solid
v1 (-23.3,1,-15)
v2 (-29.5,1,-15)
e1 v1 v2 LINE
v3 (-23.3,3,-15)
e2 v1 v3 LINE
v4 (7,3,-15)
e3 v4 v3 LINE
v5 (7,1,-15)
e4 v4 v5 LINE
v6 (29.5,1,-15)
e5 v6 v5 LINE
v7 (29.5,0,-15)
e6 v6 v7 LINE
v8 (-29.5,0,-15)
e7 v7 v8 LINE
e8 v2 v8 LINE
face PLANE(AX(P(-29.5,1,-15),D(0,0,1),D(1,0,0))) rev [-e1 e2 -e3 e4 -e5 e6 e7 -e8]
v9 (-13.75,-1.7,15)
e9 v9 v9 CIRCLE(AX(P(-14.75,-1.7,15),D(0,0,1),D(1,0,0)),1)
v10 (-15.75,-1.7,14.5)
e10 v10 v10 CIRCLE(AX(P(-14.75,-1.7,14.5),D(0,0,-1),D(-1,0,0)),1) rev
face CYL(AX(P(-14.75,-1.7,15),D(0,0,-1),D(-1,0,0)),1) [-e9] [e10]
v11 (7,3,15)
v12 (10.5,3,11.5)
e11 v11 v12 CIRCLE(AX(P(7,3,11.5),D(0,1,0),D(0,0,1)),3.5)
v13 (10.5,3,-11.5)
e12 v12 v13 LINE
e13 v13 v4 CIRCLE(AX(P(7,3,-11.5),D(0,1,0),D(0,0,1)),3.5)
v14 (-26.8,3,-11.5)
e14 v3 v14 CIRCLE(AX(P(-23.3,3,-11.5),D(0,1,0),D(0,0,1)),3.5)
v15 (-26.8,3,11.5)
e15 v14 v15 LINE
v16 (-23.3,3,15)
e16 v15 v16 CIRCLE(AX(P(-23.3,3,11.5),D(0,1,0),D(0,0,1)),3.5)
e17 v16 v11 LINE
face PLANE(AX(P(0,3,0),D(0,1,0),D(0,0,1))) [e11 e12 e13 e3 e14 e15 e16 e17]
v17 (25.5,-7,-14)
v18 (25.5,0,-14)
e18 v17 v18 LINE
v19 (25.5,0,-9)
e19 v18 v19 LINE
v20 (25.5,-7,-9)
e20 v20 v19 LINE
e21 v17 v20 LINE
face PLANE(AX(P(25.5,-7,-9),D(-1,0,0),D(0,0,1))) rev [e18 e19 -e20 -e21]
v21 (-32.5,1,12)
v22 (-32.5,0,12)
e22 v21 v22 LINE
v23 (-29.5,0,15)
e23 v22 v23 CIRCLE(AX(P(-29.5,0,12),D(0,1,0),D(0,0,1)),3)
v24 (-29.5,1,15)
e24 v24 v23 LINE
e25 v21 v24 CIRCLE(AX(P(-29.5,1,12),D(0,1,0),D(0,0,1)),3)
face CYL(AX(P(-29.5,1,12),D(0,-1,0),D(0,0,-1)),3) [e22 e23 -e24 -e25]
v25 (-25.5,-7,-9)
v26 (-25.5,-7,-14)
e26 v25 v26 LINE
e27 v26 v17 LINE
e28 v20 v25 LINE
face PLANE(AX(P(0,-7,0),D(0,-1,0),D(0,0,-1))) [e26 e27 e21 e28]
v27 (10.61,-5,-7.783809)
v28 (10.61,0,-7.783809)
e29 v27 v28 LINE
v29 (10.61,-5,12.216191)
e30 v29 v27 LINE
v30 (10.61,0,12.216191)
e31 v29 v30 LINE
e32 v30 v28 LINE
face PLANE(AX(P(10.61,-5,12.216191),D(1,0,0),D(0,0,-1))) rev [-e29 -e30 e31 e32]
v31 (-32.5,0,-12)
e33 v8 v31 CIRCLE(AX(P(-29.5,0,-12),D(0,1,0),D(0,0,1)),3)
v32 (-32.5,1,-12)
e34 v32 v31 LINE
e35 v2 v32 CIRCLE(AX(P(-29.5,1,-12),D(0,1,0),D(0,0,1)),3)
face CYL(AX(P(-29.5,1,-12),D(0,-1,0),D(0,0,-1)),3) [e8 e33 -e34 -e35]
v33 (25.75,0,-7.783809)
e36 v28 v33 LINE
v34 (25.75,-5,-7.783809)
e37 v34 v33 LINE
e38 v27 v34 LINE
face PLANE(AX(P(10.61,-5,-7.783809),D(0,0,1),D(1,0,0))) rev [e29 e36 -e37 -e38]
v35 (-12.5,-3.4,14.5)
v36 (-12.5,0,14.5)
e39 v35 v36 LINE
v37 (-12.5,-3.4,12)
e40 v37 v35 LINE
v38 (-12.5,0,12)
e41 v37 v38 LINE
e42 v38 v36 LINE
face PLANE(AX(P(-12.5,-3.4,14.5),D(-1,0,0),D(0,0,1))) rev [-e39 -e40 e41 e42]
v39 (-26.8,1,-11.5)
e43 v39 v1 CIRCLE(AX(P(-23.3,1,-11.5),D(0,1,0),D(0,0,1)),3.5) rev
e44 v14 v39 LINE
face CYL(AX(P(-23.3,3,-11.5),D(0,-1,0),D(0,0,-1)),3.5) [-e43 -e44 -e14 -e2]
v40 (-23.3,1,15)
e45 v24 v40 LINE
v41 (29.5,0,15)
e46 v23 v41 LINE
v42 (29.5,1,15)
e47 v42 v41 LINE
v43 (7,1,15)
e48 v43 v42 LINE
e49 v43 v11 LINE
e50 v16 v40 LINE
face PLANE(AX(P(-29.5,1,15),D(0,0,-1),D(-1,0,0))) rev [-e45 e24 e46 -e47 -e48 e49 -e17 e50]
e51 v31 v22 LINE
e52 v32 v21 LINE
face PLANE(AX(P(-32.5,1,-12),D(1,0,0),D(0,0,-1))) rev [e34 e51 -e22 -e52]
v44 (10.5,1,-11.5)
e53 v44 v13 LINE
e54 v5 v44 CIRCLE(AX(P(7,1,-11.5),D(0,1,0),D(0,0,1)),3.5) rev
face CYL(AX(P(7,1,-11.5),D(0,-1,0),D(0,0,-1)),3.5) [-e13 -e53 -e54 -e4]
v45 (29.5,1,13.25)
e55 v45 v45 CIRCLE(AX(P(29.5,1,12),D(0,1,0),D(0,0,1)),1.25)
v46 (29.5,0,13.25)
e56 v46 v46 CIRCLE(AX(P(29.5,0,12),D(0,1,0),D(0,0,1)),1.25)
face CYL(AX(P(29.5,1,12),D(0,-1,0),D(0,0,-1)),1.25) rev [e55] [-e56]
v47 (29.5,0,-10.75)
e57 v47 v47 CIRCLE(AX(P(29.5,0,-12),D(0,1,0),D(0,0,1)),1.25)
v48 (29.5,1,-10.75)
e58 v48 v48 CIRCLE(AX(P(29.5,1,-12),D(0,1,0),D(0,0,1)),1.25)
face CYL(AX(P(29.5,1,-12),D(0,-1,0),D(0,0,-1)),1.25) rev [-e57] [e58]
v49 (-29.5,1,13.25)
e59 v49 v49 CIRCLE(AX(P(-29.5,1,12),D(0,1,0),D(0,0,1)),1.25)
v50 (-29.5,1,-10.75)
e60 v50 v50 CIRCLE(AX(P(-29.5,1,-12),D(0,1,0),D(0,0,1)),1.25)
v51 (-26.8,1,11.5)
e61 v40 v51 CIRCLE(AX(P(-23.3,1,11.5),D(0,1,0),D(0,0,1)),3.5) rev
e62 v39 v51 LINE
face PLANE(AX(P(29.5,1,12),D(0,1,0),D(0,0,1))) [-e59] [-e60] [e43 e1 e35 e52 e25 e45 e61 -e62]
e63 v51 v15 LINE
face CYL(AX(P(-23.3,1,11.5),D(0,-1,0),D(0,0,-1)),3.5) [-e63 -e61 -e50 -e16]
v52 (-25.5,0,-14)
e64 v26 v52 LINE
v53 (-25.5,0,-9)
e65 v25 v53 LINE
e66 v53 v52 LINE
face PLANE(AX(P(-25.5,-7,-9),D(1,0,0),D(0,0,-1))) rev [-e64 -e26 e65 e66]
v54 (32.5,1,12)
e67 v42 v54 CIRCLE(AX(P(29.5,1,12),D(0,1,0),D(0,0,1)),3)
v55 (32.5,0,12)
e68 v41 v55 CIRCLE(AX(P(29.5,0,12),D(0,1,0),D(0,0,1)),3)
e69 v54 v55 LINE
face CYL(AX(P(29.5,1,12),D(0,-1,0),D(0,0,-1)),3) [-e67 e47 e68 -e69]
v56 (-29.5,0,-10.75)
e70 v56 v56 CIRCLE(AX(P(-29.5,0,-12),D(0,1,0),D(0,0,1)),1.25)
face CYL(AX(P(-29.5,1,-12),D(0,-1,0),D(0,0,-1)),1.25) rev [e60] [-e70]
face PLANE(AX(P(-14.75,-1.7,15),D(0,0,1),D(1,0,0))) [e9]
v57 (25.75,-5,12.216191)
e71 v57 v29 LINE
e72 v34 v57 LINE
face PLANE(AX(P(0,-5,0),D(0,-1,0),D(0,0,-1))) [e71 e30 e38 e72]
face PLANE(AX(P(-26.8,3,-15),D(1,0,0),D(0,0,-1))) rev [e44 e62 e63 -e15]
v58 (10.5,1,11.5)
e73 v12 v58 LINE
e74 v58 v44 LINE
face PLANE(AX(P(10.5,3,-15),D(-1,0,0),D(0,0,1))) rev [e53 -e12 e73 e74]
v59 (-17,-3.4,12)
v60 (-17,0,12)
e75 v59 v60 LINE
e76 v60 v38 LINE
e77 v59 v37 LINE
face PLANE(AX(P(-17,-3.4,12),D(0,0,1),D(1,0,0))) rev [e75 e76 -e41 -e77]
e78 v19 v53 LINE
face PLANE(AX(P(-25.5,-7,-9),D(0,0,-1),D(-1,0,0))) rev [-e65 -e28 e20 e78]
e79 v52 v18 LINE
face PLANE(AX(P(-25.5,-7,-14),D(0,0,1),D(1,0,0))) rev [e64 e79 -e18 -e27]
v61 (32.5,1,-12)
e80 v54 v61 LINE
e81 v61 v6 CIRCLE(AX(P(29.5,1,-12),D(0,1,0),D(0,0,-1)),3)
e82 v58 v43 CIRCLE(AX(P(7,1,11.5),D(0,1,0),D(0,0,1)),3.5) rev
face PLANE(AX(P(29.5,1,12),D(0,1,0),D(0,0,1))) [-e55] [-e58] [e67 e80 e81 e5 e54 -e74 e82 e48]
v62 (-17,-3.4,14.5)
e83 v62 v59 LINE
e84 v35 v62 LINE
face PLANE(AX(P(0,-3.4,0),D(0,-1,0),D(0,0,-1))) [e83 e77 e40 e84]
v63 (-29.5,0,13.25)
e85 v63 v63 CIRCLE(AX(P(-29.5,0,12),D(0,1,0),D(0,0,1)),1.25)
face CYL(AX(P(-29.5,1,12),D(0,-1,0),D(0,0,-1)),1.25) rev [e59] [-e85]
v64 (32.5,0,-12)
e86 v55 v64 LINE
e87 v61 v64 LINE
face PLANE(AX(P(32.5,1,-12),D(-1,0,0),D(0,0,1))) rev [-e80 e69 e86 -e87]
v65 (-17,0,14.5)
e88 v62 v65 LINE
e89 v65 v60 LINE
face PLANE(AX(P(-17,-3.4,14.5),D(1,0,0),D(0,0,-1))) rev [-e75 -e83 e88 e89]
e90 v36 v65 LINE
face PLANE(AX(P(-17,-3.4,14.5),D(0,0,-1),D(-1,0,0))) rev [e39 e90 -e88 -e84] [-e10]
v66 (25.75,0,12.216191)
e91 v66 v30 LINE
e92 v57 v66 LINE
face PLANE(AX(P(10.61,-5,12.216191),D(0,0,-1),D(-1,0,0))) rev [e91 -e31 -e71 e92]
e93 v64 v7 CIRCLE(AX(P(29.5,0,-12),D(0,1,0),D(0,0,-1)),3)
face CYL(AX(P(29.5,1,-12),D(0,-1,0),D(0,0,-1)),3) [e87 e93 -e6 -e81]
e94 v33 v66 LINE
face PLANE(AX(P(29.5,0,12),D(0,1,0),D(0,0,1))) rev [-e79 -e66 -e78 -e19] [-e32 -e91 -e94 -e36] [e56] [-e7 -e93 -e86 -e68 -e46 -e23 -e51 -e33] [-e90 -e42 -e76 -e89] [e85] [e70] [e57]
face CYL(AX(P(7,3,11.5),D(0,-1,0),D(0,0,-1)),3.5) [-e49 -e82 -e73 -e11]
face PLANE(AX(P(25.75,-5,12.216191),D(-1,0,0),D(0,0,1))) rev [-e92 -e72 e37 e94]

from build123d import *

# Parameters (mm, degrees)
SKETCH_1_R       = 1.25
BOARD_DEPTH      = 1
SKETCH_2_W       = 37.3
SKETCH_2_H       = 30
SCREEN_DEPTH     = 2
SCREEN_RADIUS_R  = 3.5
SKETCH_3_W       = 51
SKETCH_3_H       = 5
PLUG_DEPTH       = 7
SKETCH_4_W       = 15.14
SKETCH_4_H       = 20
SPEAKER_DEPTH    = 5
SKETCH_5_W       = 4.5
SKETCH_5_H       = 2.5
BUTTON_DEPTH     = 3.4
SKETCH_6_R       = 1
BUTTON_TAP_DEPTH = 0.5


with BuildPart() as part:
    # 草图1 → board (new body)
    with BuildSketch(Plane(origin=(0, 0, 0), x_dir=(1, 0, 0), z_dir=(0, 1, 0))):
        with BuildLine():
            Line((-29.5, 15), (29.5, 15))
            ThreePointArc((29.5, 15), (31.621320344, 14.121320344), (32.5, 12))
            Line((32.5, 12), (32.5, -12))
            ThreePointArc((32.5, -12), (31.621320344, -14.121320344), (29.5, -15))
            Line((29.5, -15), (-29.5, -15))
            ThreePointArc((-29.5, -15), (-31.621320344, -14.121320344), (-32.5, -12))
            Line((-32.5, -12), (-32.5, 12))
            ThreePointArc((-32.5, 12), (-31.621320344, 14.121320344), (-29.5, 15))
        make_face()
        with Locations(Location((-29.5, 12, 0), (0, 0, 270))):
            Circle(SKETCH_1_R, mode=Mode.SUBTRACT)
        with Locations(Location((29.5, 12, 0), (0, 0, 270))):
            Circle(SKETCH_1_R, mode=Mode.SUBTRACT)
        with Locations(Location((-29.5, -12, 0), (0, 0, 270))):
            Circle(SKETCH_1_R, mode=Mode.SUBTRACT)
        with Locations(Location((29.5, -12, 0), (0, 0, 270))):
            Circle(SKETCH_1_R, mode=Mode.SUBTRACT)
    extrude(amount=BOARD_DEPTH)

    # 草图2 → screen (add)
    with BuildSketch(Plane(origin=(0, 1, 0), x_dir=(1, 0, 0), z_dir=(0, 1, 0))):
        with Locations((-8.15, 0)):
            Rectangle(SKETCH_2_W, SKETCH_2_H)
    extrude(amount=SCREEN_DEPTH)

    # screen-radius
    screen_radius_edges = [part.edges().sort_by_distance(p)[0] for p in [
        (-26.8, 2, -15),
        (-26.8, 2, 15),
        (10.5, 2, 15),
        (10.5, 2, -15),
    ]]
    fillet(screen_radius_edges, radius=SCREEN_RADIUS_R)

    # 草图3 → plug (add)
    with BuildSketch(Plane.XZ):
        with Locations((0, -11.5)):
            Rectangle(SKETCH_3_W, SKETCH_3_H)
    extrude(amount=PLUG_DEPTH)

    # 草图4 → speaker (add)
    with BuildSketch(Plane.XZ):
        with Locations((18.18, 2.216190629)):
            Rectangle(SKETCH_4_W, SKETCH_4_H)
    extrude(amount=SPEAKER_DEPTH)

    # 草图5 → button (add)
    with BuildSketch(Plane.XZ):
        with Locations((-14.75, 13.25)):
            Rectangle(SKETCH_5_W, SKETCH_5_H)
    extrude(amount=BUTTON_DEPTH)

    # 草图6 → button-tap (add)
    with BuildSketch(Plane.XY.offset(14.5)):
        with Locations(Location((-14.75, -1.7, 0), (0, 0, 180))):
            Circle(SKETCH_6_R)
    extrude(amount=BUTTON_TAP_DEPTH)


solid = part.part
